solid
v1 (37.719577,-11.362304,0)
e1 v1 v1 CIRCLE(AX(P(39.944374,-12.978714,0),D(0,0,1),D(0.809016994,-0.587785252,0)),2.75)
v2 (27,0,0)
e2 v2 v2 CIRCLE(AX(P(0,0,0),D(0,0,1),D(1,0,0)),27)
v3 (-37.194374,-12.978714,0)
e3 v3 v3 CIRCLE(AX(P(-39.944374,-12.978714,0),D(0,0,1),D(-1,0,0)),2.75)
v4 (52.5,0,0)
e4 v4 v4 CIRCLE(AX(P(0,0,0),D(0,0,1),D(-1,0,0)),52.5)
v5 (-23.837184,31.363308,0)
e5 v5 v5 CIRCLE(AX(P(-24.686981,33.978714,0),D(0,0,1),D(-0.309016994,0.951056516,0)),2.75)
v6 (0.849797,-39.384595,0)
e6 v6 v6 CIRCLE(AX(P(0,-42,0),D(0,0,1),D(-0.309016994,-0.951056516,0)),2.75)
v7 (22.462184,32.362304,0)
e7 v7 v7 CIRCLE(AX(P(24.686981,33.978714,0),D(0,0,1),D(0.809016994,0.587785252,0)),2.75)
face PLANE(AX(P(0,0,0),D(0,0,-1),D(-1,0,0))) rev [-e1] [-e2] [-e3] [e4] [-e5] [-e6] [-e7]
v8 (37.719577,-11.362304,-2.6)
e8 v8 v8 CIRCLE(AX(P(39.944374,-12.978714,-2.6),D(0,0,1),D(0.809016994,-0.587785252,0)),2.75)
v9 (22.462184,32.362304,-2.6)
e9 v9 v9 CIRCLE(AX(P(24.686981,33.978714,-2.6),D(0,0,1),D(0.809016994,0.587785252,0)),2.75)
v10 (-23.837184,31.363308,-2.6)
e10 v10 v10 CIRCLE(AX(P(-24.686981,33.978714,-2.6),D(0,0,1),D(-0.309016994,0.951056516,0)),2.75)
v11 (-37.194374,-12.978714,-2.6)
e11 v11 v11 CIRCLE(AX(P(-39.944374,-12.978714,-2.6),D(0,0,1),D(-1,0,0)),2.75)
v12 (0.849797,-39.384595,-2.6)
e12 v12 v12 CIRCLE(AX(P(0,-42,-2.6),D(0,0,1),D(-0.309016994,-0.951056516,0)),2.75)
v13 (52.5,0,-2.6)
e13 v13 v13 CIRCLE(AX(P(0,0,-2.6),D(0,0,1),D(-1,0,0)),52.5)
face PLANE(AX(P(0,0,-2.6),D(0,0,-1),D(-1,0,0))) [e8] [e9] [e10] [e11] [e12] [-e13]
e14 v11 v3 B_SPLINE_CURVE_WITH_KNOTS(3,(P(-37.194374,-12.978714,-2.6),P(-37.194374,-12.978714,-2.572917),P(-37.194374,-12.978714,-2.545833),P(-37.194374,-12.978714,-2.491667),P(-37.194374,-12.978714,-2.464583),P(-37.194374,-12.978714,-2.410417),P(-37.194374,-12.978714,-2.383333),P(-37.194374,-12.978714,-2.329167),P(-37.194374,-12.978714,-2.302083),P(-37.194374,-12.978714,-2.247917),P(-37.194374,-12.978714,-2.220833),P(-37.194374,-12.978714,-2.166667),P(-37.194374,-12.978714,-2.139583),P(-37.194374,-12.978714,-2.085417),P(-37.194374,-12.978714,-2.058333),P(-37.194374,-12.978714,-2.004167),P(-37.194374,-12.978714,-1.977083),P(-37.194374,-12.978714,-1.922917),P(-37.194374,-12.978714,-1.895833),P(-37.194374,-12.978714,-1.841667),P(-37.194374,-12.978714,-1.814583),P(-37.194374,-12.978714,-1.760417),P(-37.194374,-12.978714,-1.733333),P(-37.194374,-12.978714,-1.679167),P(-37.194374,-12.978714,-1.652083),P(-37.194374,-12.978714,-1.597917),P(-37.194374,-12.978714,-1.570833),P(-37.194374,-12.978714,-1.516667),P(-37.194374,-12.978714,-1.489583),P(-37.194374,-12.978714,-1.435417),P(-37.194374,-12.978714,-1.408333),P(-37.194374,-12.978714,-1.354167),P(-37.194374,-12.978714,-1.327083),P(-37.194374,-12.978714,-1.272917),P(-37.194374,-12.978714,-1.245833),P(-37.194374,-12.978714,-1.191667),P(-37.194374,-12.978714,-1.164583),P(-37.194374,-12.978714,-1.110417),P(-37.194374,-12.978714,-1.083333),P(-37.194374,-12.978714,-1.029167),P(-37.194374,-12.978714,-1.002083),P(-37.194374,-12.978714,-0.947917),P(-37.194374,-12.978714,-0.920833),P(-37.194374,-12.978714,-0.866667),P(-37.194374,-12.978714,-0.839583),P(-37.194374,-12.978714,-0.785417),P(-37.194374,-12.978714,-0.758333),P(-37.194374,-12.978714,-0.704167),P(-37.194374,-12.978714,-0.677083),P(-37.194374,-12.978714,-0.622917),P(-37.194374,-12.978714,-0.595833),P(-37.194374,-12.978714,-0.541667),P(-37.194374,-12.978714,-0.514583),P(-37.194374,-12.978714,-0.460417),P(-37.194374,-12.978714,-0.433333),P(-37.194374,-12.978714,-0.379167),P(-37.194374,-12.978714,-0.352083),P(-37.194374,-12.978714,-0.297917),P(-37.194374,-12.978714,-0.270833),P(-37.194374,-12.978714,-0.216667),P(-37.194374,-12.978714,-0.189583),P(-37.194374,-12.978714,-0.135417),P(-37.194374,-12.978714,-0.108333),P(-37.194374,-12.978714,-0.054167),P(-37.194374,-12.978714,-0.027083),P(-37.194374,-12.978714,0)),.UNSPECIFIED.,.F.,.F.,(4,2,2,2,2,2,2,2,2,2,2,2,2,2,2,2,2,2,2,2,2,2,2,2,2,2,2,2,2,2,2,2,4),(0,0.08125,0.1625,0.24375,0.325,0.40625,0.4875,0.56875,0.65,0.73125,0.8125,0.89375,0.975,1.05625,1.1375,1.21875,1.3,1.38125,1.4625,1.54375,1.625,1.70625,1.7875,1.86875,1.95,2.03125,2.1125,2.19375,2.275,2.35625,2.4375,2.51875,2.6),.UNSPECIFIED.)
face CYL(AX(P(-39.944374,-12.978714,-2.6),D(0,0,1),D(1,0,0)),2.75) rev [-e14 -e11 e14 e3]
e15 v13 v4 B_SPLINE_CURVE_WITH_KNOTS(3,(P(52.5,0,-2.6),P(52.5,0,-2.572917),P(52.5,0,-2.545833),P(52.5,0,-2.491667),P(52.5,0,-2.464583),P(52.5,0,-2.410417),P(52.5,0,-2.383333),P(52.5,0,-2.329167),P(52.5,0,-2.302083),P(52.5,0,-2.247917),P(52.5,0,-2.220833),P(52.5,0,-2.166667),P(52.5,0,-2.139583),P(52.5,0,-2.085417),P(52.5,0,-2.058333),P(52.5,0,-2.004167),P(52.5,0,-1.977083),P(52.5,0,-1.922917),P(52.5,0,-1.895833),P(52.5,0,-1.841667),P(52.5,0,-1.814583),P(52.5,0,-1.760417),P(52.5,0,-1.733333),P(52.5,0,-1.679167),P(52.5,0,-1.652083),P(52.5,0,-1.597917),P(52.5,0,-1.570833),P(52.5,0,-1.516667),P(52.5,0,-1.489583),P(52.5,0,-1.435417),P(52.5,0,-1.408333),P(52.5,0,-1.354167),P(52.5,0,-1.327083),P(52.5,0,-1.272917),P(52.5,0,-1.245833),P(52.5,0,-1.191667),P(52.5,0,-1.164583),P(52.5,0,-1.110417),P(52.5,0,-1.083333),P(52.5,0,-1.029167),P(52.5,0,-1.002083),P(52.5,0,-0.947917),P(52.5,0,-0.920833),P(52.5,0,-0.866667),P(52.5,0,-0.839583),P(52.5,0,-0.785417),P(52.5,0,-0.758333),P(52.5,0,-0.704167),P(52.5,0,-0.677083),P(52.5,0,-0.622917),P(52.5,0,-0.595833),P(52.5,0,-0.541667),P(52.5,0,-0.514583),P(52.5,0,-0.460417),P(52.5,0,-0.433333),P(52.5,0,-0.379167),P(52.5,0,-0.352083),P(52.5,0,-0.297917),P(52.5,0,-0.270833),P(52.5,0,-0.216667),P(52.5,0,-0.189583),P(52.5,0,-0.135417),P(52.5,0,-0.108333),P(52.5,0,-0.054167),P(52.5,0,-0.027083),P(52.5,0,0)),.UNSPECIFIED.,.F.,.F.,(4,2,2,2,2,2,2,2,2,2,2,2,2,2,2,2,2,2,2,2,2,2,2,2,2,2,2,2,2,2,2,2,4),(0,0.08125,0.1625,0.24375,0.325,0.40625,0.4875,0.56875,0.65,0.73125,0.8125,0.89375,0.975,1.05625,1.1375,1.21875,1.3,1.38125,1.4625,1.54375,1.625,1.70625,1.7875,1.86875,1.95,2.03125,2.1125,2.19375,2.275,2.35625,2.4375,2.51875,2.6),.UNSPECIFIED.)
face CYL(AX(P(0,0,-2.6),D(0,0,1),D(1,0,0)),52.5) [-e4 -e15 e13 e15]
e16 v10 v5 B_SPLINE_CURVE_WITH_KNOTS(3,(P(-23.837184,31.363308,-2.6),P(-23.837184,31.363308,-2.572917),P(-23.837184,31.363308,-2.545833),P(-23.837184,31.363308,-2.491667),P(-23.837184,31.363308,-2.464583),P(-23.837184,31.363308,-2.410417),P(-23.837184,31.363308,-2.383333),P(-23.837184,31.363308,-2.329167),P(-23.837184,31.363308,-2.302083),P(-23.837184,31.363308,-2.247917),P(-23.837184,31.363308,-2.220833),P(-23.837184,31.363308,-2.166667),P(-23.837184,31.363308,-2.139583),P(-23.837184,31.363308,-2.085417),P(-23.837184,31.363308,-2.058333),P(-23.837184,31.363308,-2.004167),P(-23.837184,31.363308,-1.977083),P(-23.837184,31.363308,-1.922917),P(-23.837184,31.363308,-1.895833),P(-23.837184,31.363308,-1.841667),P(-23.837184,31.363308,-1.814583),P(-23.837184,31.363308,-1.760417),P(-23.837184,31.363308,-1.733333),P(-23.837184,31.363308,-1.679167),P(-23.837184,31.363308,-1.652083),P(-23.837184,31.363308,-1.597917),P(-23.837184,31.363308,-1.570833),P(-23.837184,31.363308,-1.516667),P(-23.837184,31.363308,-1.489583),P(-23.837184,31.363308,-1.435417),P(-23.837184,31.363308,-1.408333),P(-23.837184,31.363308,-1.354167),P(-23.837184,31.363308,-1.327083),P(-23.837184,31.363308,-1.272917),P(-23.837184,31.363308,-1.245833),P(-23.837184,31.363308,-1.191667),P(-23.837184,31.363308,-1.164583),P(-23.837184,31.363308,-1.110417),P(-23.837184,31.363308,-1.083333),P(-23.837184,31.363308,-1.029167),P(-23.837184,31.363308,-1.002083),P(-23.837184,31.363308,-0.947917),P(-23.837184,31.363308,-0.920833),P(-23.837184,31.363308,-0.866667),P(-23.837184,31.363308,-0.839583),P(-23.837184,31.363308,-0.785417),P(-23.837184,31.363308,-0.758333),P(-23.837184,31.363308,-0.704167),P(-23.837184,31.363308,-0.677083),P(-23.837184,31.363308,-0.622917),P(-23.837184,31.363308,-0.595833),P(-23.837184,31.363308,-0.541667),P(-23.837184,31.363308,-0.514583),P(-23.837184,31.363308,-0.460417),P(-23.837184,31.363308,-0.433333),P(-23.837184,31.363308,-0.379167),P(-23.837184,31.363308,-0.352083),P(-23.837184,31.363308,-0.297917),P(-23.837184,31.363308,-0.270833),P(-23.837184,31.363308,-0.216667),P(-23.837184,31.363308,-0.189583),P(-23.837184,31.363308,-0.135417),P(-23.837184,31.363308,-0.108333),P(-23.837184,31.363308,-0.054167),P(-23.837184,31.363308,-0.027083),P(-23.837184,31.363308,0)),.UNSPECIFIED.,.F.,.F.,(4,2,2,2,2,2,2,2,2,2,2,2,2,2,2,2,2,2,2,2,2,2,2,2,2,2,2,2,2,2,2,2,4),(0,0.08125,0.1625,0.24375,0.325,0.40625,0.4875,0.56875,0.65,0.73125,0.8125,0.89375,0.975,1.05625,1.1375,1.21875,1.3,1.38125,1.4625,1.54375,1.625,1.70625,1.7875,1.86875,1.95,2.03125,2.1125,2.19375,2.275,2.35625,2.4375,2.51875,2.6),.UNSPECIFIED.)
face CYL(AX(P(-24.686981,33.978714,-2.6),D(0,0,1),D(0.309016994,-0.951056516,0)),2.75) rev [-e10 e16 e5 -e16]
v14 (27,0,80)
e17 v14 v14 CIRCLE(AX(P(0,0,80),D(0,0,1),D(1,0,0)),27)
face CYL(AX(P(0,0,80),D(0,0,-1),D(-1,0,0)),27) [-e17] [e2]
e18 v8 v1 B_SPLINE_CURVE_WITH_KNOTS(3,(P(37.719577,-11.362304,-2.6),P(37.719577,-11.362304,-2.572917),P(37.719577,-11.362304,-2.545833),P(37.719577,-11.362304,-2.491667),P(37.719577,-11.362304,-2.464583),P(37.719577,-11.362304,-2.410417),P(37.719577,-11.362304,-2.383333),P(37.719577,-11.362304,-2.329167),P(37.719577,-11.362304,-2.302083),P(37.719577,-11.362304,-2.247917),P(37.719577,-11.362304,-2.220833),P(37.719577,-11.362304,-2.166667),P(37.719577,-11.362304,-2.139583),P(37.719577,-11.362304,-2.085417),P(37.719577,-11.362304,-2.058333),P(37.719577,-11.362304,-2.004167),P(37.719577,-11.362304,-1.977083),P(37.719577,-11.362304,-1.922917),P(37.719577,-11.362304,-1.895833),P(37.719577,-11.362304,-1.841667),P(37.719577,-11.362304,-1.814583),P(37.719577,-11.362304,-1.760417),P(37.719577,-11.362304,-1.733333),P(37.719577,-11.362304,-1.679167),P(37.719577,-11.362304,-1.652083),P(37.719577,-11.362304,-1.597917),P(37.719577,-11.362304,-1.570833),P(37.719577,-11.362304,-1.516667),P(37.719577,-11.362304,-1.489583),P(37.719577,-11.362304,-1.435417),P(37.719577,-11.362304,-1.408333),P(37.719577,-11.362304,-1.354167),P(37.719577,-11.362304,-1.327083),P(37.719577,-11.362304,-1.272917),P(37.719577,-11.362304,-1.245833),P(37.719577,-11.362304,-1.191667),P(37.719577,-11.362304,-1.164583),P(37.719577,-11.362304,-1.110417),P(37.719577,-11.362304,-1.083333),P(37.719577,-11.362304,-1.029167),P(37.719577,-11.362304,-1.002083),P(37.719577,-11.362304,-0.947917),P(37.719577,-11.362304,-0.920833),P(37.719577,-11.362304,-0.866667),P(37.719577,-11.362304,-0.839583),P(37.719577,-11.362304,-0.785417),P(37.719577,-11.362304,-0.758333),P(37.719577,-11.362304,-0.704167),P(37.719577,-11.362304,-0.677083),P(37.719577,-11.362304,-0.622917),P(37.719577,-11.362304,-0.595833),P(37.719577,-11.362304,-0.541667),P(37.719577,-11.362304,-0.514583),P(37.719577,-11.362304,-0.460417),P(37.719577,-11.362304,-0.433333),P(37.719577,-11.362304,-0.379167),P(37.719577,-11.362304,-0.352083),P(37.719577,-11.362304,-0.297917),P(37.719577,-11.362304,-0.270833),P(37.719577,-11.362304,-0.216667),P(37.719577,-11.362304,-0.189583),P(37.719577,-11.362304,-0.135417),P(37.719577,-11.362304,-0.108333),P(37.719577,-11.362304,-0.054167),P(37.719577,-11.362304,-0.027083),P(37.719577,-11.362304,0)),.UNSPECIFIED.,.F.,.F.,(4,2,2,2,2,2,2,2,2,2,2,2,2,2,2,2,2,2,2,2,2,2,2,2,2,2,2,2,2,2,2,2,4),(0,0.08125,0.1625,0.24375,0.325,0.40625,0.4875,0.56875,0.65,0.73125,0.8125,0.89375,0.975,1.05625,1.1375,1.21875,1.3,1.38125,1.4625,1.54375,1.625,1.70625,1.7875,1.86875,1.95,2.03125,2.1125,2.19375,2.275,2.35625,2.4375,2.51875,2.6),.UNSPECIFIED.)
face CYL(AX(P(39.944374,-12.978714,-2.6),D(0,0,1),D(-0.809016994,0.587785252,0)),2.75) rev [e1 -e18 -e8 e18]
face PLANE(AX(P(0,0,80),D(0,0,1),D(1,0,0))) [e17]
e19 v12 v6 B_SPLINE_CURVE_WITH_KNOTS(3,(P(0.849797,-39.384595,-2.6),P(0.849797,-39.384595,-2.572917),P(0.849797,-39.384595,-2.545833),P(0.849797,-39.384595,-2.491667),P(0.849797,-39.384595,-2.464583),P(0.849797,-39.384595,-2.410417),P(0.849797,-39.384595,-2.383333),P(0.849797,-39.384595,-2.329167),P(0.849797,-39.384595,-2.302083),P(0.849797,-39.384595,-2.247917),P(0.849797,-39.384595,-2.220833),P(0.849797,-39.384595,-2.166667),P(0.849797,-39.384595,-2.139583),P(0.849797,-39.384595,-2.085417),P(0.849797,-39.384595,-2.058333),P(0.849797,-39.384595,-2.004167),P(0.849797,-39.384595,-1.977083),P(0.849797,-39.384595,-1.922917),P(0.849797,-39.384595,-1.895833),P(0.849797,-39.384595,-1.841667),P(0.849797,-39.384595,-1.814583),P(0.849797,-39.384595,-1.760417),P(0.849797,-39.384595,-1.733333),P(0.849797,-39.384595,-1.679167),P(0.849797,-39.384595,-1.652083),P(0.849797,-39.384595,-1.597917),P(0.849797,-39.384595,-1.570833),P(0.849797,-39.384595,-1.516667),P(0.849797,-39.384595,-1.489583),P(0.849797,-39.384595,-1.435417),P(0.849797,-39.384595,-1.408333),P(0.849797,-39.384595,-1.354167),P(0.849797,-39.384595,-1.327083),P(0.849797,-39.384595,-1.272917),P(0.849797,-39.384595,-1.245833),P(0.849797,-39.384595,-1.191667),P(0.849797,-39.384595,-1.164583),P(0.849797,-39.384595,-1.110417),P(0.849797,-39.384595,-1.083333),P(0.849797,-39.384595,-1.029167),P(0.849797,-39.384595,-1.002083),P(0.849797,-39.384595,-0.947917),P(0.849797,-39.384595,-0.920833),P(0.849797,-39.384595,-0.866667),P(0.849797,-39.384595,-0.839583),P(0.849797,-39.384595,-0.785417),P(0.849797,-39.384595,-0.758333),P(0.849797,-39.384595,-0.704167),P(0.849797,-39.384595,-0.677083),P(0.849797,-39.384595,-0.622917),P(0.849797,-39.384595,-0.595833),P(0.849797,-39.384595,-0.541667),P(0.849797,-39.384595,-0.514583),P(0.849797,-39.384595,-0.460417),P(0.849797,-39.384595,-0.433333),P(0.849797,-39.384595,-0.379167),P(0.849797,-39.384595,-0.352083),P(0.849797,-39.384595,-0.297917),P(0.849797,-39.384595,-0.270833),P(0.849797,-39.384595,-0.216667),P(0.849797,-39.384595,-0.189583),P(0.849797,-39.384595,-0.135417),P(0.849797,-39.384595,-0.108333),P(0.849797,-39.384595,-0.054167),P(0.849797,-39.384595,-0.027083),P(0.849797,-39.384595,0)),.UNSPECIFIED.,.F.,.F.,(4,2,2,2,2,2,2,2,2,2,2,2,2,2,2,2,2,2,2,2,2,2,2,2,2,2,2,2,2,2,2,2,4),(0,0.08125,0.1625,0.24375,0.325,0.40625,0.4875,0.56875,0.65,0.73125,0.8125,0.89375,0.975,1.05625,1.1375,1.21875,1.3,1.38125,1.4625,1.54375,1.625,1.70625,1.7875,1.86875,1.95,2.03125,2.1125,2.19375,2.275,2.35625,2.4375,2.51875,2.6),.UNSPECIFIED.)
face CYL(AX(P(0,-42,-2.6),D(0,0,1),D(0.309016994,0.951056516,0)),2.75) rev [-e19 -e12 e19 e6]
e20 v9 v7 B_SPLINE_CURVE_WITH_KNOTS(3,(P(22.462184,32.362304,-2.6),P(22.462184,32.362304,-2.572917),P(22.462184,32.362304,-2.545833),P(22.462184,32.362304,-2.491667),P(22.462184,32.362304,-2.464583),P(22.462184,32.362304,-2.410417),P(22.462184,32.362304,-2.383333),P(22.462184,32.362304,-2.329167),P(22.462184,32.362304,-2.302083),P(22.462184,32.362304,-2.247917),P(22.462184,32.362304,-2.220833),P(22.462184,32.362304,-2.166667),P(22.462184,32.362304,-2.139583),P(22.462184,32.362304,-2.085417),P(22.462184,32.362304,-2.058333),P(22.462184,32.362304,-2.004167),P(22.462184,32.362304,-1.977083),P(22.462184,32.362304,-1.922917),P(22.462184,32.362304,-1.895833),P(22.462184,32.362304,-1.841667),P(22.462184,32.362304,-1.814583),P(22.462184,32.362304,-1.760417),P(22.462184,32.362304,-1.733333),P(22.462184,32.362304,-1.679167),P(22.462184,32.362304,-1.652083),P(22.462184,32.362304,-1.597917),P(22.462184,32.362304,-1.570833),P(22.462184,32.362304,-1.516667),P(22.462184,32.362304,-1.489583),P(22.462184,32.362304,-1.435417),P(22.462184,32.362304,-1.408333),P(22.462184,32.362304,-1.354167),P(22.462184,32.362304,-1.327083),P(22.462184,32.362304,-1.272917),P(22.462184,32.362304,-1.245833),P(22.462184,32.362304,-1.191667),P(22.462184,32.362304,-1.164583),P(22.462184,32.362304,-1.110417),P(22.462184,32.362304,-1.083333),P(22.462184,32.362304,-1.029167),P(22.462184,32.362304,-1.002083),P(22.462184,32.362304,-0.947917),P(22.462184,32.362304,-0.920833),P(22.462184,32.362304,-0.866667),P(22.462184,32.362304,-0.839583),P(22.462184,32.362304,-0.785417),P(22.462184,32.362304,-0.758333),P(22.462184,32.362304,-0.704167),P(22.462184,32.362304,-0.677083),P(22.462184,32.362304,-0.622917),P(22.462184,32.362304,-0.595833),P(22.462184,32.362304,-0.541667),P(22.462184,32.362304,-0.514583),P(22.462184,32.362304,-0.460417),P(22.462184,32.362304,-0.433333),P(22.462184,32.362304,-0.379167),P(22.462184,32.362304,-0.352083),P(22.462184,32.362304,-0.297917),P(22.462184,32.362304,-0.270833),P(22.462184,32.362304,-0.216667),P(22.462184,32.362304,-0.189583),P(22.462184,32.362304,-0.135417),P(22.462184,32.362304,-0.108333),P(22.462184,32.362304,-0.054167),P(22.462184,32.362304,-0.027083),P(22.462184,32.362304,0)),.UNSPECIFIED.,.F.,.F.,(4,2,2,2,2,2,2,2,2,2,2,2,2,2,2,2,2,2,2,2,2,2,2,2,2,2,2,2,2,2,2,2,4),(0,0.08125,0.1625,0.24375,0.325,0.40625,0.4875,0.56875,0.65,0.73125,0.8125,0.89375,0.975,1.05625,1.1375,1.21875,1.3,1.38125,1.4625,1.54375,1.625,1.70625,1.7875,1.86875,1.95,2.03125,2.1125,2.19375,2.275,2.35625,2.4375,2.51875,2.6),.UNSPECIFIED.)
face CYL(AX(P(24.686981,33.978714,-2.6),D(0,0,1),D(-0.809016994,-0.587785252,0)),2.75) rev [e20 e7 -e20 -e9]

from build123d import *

# Parameters (mm, degrees)
SKETCH1_R           = 52.5
BOSS_EXTRUDE1_DEPTH = 2.6
SKETCH2_R           = 27
BOSS_EXTRUDE2_DEPTH = 80
SKETCH3_R           = 2.75
CUT_EXTRUDE1_DEPTH  = 110.144399765
CIRPATTERN1_COUNT   = 5


with BuildPart() as part:
    # Sketch1 → Boss-Extrude1 (new body)
    with BuildSketch(Plane.XY):
        Circle(SKETCH1_R)
    extrude(amount=-BOSS_EXTRUDE1_DEPTH)

    # Sketch2 → Boss-Extrude2 (add)
    with BuildSketch(Plane.XY):
        Circle(SKETCH2_R)
    extrude(amount=BOSS_EXTRUDE2_DEPTH)

    # Sketch3 → Cut-Extrude1 (cut, through all)
    with BuildSketch(Plane.XY):
        with Locations((-39.944373684, -12.978713764)):
            Circle(SKETCH3_R)
    cut_extrude1 = extrude(amount=-CUT_EXTRUDE1_DEPTH, mode=Mode.SUBTRACT)

    # CirPattern1: Cut-Extrude1 ×5 about axis
    cirpattern1_axis = Axis((0, 0, 0), (0, 0, 1))
    for i in range(1, CIRPATTERN1_COUNT):
        add(cut_extrude1.rotate(cirpattern1_axis, i * 360 / CIRPATTERN1_COUNT), mode=Mode.SUBTRACT)


solid = part.part
